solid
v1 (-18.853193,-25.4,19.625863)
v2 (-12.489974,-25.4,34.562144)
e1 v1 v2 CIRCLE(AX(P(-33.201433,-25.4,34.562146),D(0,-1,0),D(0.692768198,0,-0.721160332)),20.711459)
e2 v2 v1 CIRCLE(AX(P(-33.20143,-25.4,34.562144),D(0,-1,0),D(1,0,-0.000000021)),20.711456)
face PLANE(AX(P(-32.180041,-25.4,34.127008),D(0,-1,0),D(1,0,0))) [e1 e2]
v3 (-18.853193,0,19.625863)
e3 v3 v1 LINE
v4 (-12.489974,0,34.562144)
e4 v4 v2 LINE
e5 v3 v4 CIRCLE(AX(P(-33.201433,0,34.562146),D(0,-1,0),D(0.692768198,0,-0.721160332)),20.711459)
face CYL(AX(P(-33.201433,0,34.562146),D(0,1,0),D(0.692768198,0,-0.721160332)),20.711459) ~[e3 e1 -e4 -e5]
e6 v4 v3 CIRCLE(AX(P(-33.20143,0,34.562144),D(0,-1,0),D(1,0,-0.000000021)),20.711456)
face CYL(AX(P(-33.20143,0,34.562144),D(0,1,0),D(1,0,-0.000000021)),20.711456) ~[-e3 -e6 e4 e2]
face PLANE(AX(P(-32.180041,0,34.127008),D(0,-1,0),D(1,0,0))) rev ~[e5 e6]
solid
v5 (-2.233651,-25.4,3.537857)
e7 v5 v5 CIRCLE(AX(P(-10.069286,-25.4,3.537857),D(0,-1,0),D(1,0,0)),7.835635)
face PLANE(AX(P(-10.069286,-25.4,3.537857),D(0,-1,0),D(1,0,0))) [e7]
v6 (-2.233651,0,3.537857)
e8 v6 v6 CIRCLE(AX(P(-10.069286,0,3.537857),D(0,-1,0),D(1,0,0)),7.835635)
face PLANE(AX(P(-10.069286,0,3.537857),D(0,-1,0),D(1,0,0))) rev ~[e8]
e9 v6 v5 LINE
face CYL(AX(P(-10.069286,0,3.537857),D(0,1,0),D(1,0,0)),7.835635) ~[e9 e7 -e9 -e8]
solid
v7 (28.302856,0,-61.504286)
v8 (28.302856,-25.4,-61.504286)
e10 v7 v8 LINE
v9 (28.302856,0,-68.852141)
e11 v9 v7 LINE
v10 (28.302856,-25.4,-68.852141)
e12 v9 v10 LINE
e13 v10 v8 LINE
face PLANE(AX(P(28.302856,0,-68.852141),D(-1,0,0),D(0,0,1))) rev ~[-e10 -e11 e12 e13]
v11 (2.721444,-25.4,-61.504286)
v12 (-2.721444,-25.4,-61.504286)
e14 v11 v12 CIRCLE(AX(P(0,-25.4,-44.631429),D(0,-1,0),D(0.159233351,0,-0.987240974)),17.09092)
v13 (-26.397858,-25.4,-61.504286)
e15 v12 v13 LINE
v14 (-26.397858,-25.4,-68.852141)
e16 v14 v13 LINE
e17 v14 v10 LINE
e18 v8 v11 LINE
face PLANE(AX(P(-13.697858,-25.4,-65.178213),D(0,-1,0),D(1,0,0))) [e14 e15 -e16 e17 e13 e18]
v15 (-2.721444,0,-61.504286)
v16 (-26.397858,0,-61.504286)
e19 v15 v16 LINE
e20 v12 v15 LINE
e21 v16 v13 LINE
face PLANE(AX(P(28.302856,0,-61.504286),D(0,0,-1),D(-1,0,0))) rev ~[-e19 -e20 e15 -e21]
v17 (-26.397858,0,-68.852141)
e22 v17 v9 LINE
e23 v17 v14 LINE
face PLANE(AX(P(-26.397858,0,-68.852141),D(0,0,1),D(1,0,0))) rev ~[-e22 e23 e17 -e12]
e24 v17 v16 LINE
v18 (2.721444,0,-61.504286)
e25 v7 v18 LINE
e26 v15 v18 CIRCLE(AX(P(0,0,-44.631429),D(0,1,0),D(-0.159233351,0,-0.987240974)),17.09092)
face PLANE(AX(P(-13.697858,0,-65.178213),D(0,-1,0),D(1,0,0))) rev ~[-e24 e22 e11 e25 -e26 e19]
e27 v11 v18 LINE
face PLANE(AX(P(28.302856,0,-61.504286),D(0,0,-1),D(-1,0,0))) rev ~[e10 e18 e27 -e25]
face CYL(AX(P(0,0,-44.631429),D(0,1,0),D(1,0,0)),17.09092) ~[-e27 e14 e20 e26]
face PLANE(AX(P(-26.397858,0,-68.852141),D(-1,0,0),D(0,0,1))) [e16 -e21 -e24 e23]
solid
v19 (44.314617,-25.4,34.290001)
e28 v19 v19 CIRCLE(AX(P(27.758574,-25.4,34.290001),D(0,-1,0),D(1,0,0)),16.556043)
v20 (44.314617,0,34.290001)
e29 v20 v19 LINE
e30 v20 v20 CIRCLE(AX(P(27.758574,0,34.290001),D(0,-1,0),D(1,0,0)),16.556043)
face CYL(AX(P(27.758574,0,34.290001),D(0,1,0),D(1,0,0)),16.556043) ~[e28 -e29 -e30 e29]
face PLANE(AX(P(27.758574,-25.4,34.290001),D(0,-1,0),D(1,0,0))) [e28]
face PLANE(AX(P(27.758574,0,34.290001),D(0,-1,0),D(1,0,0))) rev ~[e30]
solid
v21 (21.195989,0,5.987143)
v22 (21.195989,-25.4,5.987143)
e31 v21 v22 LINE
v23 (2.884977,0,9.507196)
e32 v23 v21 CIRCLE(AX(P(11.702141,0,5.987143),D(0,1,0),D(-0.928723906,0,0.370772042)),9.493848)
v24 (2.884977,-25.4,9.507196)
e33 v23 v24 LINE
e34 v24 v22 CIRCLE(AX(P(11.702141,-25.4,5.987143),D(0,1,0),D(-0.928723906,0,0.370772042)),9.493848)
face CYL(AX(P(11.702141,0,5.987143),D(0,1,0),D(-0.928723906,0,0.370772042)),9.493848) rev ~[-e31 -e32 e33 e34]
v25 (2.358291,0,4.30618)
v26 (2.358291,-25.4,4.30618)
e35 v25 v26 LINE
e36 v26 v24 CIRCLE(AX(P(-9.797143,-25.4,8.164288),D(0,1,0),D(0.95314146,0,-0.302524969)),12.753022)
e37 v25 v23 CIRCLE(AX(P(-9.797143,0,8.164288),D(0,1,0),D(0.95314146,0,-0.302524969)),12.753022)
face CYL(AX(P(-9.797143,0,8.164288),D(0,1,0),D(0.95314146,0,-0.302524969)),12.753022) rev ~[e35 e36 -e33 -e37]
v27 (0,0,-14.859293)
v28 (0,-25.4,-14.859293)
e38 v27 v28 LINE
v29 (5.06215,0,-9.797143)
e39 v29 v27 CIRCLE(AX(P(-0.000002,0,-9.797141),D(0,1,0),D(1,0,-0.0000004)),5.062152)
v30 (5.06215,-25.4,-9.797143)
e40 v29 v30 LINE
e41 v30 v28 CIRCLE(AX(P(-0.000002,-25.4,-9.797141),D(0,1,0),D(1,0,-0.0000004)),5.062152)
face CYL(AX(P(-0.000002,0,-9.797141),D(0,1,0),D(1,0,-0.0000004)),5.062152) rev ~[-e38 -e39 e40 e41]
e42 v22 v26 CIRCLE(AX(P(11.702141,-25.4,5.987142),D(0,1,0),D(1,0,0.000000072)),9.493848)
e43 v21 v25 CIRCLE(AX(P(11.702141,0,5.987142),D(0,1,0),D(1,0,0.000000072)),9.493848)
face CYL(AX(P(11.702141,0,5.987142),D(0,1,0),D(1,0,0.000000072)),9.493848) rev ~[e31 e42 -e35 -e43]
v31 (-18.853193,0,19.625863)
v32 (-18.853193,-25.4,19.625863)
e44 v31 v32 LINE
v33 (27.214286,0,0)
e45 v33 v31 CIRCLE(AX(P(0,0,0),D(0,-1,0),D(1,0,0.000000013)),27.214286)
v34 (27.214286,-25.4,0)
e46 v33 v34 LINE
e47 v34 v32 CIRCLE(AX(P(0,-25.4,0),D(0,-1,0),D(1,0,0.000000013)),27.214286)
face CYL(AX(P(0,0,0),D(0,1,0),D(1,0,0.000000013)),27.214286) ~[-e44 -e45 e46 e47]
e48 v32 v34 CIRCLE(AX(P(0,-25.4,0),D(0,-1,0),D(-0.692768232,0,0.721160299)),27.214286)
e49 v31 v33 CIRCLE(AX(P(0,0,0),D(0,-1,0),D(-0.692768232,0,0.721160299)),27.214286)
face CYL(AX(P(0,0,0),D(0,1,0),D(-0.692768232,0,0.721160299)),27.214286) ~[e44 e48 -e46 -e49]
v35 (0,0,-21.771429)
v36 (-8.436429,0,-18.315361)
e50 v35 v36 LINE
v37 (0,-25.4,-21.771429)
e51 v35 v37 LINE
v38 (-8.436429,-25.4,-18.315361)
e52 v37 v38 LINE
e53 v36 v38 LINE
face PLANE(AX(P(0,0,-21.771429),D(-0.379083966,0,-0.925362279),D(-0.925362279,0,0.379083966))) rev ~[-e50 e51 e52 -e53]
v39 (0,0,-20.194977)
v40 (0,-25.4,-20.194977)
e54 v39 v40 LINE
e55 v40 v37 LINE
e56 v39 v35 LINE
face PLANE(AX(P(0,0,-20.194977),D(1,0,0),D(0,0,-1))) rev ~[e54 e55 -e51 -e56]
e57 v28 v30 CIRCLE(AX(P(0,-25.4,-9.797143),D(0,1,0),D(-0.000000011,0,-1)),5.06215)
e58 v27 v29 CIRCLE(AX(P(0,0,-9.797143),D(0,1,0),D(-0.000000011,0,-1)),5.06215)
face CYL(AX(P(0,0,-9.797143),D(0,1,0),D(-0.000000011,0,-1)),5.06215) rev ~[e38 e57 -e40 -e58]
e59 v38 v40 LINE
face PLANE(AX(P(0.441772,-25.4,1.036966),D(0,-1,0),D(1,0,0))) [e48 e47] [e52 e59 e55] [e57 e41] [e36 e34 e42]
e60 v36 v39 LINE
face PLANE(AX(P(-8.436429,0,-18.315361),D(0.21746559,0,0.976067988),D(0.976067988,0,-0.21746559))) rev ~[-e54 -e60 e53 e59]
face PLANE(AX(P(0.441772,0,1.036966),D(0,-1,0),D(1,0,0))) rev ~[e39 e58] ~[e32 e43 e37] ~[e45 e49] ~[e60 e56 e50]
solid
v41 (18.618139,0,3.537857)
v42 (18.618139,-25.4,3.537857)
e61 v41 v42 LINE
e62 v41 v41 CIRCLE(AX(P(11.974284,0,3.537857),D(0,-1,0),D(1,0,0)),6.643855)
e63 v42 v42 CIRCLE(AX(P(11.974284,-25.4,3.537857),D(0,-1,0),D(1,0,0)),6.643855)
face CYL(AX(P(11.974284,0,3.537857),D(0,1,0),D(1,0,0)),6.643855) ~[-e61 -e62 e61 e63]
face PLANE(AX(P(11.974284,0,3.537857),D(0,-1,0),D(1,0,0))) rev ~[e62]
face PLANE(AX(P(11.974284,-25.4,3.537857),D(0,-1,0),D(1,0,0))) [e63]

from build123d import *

# Parameters (mm, degrees)
F0_R     = 16.556043
F0_R_2   = 17.09092
F1_DEPTH = 25.4
F2_W     = 25.4
F2_H     = 7.347855
F2_W_2   = 3.900714
F3_DEPTH = 25.4
F4_R     = 7.835635
F4_R_2   = 6.643855
F5_DEPTH = 25.4


with BuildPart() as f1:
    # F0 (on Front) → F1 (new body)
    with BuildSketch(Plane.XZ):
        with BuildLine():
            ThreePointArc((-18.853193, 19.625863), (-10.66633, -25.036908), (27.214286, 0))
            ThreePointArc((27.214286, 0), (10.66633, 25.036908), (-18.853193, 19.625863))
        make_face()
        Polygon((-8.436429, -18.315361), (0, -20.194977), (0, -21.771429), align=None, mode=Mode.SUBTRACT)
        with BuildLine():
            ThreePointArc((0, -14.859293), (-3.57948, -6.217662), (5.06215, -9.797143))
            ThreePointArc((5.06215, -9.797143), (3.57948, -13.376623), (0, -14.859293))
        make_face(mode=Mode.SUBTRACT)
        with BuildLine():
            ThreePointArc((2.358291, 4.30618), (-22.485275, 9.44916), (2.884977, 9.507196))
            ThreePointArc((2.884977, 9.507196), (13.494393, 15.310285), (21.195989, 5.987143))
            ThreePointArc((21.195989, 5.987143), (12.545962, -3.469132), (2.358291, 4.30618))
        make_face(mode=Mode.SUBTRACT)
        with BuildLine():
            ThreePointArc((-12.489974, 34.562144), (-52.25579, 42.679765), (-18.853193, 19.625863))
            ThreePointArc((-18.853193, 19.625863), (-14.14707, 26.444524), (-12.489974, 34.562144))
        make_face()
        with Locations((27.758574, 34.290001)):
            Circle(F0_R)
        with Locations((0, -44.631429)):
            Circle(F0_R_2)
    extrude(amount=F1_DEPTH)

    # F2 (on Front) → F3 (join)
    with BuildSketch(Plane.XZ):
        with Locations((-13.697858, -65.178213)):
            Rectangle(F2_W, F2_H)
        with Locations((11.702142, -65.178213)):
            Rectangle(F2_W, F2_H)
        with Locations((26.352499, -65.178213)):
            Rectangle(F2_W_2, F2_H)
    extrude(amount=F3_DEPTH)


with BuildPart() as f5:
    # F4 (on Front) → F5 (new body)
    with BuildSketch(Plane.XZ):
        with Locations((-10.069286, 3.537857)):
            Circle(F4_R)
        with Locations((11.974284, 3.537857)):
            Circle(F4_R_2)
    extrude(amount=F5_DEPTH)


solid = Compound([f1.part, f5.part])
